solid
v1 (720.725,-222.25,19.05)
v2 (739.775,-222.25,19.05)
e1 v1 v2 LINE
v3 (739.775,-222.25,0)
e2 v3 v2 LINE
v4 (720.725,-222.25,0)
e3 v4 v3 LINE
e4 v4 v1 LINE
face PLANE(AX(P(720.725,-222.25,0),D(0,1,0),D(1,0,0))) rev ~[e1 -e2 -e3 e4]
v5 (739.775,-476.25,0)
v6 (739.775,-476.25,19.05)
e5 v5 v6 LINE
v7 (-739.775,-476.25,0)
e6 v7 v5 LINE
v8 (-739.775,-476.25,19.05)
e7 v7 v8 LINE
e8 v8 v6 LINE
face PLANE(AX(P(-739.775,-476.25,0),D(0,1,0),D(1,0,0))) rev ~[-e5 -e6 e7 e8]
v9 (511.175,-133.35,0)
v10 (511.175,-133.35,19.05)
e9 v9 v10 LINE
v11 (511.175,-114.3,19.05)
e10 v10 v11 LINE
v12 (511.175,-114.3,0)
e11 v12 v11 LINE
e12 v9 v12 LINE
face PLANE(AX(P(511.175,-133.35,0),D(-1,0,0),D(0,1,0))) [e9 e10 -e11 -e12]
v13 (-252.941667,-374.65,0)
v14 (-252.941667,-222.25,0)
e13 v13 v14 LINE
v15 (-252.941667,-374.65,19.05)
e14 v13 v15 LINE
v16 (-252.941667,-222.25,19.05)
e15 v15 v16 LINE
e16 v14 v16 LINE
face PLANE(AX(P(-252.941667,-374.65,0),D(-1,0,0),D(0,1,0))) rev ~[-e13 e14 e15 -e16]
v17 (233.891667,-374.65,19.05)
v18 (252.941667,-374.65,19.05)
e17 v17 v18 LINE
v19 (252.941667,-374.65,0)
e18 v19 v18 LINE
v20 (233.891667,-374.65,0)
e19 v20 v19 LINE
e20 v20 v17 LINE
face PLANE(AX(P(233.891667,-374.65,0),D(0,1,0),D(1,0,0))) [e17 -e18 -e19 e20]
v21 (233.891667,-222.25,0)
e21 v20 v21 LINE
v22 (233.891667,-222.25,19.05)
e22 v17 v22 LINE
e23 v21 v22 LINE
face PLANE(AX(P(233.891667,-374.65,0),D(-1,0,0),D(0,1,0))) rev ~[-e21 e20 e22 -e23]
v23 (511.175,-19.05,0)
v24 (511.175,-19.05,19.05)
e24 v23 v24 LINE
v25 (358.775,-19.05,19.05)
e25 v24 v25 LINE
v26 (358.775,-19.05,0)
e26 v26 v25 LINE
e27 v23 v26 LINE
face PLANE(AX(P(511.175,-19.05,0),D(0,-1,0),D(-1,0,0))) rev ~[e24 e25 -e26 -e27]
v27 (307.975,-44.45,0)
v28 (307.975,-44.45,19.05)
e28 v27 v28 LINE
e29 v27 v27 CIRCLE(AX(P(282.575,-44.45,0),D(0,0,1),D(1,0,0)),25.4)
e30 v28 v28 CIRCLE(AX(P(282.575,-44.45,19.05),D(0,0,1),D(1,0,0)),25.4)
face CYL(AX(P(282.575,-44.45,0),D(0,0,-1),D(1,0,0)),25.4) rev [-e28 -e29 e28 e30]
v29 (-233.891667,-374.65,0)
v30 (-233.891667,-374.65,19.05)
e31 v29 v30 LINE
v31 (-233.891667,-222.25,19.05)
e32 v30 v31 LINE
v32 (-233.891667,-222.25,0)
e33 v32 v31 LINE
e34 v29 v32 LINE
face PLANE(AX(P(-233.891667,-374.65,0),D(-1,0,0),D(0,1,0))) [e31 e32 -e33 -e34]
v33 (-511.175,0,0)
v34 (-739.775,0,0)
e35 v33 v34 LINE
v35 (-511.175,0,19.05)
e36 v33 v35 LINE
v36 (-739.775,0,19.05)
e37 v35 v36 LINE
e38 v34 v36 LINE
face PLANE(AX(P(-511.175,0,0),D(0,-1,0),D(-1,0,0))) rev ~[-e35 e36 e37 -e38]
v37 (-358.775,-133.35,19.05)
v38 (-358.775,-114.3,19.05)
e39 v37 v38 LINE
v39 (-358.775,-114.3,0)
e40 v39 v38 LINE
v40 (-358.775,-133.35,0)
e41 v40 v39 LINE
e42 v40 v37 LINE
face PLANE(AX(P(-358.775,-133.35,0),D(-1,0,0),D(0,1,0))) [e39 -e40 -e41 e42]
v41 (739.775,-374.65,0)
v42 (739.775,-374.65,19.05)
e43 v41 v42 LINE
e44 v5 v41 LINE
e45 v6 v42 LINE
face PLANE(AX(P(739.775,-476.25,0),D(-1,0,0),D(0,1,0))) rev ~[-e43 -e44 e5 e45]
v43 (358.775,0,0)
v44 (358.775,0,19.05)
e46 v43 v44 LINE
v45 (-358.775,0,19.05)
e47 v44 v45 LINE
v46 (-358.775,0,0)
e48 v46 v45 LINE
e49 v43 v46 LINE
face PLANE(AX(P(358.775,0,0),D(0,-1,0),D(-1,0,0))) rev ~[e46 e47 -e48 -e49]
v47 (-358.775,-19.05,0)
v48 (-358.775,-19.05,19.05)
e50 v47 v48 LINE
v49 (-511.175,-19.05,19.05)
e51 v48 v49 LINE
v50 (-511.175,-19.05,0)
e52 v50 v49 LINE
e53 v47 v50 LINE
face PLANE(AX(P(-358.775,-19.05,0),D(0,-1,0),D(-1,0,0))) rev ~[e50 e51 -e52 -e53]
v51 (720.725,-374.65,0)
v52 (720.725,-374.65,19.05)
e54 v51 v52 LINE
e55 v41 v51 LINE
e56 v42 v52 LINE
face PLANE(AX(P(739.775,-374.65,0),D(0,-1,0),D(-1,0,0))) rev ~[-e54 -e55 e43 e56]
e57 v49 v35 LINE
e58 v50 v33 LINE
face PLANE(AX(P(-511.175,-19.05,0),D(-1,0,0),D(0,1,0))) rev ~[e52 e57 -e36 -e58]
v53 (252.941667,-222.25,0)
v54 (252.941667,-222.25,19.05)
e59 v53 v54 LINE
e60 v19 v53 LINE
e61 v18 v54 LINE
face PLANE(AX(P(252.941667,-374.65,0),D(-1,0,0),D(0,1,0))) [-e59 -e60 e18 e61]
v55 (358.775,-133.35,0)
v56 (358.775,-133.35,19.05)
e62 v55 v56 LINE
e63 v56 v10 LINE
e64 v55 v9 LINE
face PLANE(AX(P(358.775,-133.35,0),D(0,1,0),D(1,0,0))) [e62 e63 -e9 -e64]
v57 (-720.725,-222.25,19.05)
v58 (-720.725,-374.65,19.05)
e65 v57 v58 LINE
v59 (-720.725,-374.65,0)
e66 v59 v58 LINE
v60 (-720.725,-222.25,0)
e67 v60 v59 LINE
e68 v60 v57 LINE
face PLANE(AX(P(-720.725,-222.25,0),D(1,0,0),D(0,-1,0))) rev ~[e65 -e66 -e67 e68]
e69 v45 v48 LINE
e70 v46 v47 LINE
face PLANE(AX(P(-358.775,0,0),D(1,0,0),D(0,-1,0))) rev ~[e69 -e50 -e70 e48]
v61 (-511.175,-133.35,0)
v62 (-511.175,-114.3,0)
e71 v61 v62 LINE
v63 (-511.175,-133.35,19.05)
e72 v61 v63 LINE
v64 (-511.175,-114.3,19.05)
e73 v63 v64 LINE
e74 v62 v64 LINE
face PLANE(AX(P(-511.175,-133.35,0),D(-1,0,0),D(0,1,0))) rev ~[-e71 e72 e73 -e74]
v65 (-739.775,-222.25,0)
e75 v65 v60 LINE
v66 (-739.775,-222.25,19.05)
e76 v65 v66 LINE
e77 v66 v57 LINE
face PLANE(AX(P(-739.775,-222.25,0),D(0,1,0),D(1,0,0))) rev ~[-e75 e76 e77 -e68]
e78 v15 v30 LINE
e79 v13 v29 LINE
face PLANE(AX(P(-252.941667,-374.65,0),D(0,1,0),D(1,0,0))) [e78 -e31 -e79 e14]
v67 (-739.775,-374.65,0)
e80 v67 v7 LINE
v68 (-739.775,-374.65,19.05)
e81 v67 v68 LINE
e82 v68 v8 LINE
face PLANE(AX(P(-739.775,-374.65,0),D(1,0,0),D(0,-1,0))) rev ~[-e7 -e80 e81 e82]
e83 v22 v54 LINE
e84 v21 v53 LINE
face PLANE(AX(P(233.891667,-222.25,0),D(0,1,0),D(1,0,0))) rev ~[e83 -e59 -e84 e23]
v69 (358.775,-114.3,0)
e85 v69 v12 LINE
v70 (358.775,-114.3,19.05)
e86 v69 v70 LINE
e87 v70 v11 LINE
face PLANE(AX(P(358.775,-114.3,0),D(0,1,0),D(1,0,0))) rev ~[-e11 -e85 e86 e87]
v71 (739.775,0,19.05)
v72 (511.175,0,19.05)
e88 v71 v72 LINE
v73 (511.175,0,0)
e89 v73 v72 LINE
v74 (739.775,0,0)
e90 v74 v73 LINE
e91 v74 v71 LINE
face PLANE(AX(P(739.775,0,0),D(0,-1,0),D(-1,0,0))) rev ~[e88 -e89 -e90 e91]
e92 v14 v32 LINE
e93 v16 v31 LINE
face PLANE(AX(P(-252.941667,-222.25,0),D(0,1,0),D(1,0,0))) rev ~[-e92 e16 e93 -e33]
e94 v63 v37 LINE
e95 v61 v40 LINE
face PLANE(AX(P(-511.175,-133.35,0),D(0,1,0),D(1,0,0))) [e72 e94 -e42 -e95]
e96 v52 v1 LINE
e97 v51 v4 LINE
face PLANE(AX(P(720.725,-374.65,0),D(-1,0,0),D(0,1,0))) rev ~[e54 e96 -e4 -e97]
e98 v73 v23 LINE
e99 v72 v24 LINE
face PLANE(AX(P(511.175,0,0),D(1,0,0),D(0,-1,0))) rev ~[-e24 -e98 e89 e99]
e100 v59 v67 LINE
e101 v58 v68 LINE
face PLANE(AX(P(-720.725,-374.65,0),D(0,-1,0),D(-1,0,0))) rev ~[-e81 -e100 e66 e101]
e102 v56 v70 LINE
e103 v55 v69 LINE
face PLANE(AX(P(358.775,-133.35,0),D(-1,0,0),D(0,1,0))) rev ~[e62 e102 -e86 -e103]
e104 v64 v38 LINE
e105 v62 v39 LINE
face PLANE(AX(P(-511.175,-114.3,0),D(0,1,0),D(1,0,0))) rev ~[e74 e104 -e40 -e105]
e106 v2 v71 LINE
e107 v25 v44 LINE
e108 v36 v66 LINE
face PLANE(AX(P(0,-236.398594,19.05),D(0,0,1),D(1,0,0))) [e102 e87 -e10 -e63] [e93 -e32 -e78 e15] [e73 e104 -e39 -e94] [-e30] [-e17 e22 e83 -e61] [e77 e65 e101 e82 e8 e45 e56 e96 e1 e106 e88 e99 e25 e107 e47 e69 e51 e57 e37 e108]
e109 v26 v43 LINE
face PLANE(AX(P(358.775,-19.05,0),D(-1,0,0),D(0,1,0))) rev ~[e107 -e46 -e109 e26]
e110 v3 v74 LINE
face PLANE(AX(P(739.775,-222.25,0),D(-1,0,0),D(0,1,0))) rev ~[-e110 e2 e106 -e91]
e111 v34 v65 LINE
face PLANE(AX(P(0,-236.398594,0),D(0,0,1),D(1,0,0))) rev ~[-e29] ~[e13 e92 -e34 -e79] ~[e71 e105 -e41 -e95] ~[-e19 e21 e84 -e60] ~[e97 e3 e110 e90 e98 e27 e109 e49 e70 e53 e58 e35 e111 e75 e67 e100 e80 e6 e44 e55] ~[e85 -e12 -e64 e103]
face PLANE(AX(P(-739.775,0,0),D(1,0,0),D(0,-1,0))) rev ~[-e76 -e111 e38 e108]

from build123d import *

# Parameters (mm, degrees)
F0_W     = 19.05
F0_H     = 152.4
F0_W_2   = 152.4
F0_H_2   = 19.05
F0_R     = 25.4
F1_DEPTH = 19.05


with BuildPart() as f1:
    # F0 (on Top) → F1 (new body)
    with BuildSketch(Plane.XY):
        Polygon((-511.175, 0), (-739.775, 0), (-739.775, -222.25), (-720.725, -222.25), (-720.725, -374.65), (-739.775, -374.65), (-739.775, -476.25), (739.775, -476.25), (739.775, -374.65), (720.725, -374.65), (720.725, -222.25), (739.775, -222.25), (739.775, -95.25), (739.775, 0), (511.175, 0), (511.175, -19.05), (358.775, -19.05), (358.775, 0), (-358.775, 0), (-358.775, -19.05), (-511.175, -19.05), align=None)
        with Locations((-243.416667, -298.45)):
            Rectangle(F0_W, F0_H, mode=Mode.SUBTRACT)
        with Locations((243.416667, -298.45)):
            Rectangle(F0_W, F0_H, mode=Mode.SUBTRACT)
        with Locations((-434.975, -123.825)):
            Rectangle(F0_W_2, F0_H_2, mode=Mode.SUBTRACT)
        with Locations((434.975, -123.825)):
            Rectangle(F0_W_2, F0_H_2, mode=Mode.SUBTRACT)
        with Locations((282.575, -44.45)):
            Circle(F0_R, mode=Mode.SUBTRACT)
    extrude(amount=F1_DEPTH)


solid = f1.part
